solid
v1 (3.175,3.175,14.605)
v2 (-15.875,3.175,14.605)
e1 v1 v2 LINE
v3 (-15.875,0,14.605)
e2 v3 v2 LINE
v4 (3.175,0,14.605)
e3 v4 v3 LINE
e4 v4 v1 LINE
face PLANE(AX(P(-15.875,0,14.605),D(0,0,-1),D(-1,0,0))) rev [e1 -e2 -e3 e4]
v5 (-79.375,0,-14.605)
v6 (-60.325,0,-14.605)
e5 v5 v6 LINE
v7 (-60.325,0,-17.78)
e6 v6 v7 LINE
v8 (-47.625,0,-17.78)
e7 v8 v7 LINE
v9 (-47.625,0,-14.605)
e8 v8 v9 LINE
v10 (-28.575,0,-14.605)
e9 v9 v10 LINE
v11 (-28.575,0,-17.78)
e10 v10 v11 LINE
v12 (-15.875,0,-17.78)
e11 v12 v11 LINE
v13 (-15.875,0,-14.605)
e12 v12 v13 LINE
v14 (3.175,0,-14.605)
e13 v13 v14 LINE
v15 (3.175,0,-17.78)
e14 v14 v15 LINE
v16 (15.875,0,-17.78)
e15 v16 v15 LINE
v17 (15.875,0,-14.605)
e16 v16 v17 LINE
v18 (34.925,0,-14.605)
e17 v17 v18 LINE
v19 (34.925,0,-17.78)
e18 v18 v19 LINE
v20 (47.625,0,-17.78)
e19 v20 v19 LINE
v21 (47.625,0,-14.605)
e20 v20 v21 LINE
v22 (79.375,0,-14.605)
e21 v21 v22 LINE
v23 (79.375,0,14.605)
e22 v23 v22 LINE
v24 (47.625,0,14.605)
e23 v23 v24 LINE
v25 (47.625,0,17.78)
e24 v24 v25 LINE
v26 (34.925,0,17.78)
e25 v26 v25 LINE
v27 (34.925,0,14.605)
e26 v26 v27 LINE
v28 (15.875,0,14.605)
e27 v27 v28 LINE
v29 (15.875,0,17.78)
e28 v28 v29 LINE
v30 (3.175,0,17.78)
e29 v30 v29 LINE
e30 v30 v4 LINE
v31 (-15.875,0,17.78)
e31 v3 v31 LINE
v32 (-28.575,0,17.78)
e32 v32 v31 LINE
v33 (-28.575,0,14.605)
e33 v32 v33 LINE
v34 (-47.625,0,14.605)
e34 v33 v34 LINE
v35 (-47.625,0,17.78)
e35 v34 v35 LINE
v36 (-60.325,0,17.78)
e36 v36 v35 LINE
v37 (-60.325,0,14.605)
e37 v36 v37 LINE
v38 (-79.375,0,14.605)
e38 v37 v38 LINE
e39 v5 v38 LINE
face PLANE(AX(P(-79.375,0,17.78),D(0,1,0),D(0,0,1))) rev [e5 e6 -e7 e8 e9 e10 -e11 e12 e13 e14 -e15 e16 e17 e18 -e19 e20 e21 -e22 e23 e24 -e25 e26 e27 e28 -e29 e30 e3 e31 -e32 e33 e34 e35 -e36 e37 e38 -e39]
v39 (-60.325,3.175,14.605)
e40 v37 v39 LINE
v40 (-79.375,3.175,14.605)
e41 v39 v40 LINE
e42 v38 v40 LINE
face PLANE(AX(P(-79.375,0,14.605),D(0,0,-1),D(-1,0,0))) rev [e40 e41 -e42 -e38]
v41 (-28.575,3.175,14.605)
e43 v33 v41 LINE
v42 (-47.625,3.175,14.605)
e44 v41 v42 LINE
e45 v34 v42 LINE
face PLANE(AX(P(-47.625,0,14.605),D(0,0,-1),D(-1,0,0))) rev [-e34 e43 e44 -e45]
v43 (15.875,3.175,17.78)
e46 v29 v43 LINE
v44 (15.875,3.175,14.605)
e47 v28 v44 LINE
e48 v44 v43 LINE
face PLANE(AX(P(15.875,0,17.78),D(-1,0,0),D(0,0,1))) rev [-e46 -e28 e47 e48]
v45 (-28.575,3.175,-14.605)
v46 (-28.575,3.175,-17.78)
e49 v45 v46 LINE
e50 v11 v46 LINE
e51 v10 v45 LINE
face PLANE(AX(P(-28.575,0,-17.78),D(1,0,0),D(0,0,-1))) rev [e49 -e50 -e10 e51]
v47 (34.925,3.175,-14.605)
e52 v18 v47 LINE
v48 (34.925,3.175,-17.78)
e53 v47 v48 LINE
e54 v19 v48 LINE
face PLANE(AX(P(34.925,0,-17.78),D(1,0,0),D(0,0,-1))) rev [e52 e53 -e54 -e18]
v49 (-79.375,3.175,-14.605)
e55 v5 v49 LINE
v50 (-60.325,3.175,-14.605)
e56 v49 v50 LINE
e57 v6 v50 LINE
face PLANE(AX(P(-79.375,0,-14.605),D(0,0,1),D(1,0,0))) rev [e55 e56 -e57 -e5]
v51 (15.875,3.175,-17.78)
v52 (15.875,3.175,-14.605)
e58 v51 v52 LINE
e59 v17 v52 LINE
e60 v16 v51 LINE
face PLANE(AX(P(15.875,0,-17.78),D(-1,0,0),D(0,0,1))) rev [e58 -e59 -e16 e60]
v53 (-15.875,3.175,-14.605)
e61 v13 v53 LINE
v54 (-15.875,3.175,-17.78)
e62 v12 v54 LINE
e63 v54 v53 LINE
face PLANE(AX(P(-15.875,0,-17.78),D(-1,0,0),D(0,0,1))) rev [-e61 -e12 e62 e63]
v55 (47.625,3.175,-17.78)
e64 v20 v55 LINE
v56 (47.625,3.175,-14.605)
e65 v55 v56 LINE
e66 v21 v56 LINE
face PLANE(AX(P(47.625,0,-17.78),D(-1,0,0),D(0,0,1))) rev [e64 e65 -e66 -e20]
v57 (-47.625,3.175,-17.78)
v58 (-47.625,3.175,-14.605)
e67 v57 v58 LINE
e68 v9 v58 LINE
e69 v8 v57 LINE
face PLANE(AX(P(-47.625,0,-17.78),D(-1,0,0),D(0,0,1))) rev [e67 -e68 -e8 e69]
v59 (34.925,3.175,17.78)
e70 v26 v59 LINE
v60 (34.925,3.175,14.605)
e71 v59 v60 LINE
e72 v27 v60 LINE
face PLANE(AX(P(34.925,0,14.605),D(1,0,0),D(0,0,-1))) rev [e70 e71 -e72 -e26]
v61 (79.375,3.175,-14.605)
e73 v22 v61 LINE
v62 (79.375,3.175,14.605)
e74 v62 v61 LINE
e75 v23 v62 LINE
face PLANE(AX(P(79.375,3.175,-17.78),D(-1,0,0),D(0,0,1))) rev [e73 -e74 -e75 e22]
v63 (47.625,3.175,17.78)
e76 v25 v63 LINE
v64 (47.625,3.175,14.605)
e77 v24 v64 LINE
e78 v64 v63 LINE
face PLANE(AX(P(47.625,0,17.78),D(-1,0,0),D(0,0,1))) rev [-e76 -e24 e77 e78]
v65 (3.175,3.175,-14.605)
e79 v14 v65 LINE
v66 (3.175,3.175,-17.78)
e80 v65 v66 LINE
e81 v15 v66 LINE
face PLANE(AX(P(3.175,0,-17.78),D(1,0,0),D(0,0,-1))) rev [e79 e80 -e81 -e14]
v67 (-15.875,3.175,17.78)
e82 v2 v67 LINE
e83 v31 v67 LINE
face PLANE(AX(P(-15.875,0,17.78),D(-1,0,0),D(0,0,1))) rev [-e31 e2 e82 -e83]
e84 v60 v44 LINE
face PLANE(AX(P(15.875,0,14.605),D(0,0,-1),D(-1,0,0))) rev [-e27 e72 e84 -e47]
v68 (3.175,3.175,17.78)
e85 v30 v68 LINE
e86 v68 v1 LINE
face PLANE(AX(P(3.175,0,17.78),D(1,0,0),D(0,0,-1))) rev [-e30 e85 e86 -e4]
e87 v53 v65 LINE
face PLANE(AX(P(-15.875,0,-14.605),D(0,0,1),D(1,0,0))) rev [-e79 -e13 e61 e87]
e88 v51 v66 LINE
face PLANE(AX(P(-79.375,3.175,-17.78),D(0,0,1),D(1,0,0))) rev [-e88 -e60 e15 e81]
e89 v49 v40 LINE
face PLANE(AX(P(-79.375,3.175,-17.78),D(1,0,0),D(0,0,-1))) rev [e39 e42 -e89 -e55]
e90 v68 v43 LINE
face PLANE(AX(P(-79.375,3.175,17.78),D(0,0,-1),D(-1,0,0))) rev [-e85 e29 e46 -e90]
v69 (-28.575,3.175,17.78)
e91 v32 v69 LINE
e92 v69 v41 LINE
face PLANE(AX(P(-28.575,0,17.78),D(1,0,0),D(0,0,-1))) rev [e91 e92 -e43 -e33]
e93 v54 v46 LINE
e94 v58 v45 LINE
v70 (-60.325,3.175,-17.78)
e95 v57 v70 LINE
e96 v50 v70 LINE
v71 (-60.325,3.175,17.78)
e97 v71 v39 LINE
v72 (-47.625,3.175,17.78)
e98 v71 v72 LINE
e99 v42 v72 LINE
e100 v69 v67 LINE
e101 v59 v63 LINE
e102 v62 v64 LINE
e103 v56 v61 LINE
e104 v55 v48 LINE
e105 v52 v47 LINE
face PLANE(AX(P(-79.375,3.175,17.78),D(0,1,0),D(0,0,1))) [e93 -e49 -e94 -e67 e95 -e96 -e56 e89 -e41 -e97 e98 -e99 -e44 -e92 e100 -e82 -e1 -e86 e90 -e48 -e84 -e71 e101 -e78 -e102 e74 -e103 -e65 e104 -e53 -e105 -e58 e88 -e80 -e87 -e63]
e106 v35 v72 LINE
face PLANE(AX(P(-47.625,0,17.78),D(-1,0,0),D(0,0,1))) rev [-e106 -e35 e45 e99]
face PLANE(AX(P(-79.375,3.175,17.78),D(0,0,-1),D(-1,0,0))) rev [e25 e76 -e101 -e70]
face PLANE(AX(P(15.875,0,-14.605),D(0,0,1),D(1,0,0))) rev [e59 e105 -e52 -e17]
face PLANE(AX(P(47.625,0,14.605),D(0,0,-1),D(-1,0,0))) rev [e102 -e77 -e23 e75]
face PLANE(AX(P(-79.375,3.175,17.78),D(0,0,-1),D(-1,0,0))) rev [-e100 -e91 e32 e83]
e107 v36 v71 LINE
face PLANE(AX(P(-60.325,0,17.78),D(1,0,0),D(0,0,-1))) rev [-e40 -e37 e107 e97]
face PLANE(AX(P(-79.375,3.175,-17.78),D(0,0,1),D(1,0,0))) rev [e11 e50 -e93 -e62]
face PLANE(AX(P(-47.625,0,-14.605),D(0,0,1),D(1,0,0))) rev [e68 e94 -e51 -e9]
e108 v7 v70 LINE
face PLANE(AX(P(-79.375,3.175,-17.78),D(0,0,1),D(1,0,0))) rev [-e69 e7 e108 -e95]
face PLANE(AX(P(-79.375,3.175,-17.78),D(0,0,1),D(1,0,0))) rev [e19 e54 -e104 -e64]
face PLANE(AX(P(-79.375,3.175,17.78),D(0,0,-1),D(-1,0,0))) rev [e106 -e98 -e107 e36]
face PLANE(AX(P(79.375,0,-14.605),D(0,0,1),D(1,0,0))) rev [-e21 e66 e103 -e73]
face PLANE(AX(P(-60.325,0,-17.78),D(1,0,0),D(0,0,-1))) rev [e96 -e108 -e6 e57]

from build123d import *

# Parameters (mm, degrees)
SKETCH1_W          = 158.75
SKETCH1_H          = 35.56
EXTRUDE1_DEPTH     = 3.175
SKETCH3_W          = 19.05
SKETCH3_H          = 3.175
CUT_EXTRUDE1_DEPTH = 4.175


with BuildPart() as part:
    # Sketch1 → Extrude1 (new body)
    with BuildSketch(Plane(origin=(0, 0, 0), x_dir=(1, 0, 0), z_dir=(0, 1, 0))):
        Rectangle(SKETCH1_W, SKETCH1_H)
    extrude(amount=EXTRUDE1_DEPTH)

    # Sketch3 → Cut-Extrude1 (cut, through all)
    with BuildSketch(Plane(origin=(0, 3.175, 0), x_dir=(1, 0, 0), z_dir=(0, 1, 0))):
        Polygon((47.625, -14.605), (66.675, -14.605), (79.375, -14.605), (79.375, -17.78), (66.675, -17.78), (47.625, -17.78), align=None)
        with Locations((-69.85, 16.1925)):
            Rectangle(SKETCH3_W, SKETCH3_H)
        Polygon((66.675, 17.78), (79.375, 17.78), (79.375, 14.605), (66.675, 14.605), (47.625, 14.605), (47.625, 17.78), align=None)
        with Locations((25.4, -16.1925)):
            Rectangle(SKETCH3_W, SKETCH3_H)
        with Locations((-6.35, -16.1925)):
            Rectangle(SKETCH3_W, SKETCH3_H)
        with Locations((-38.1, -16.1925)):
            Rectangle(SKETCH3_W, SKETCH3_H)
        with Locations((-69.85, -16.1925)):
            Rectangle(SKETCH3_W, SKETCH3_H)
        with Locations((-38.1, 16.1925)):
            Rectangle(SKETCH3_W, SKETCH3_H)
        with Locations((-6.35, 16.1925)):
            Rectangle(SKETCH3_W, SKETCH3_H)
        with Locations((25.4, 16.1925)):
            Rectangle(SKETCH3_W, SKETCH3_H)
    extrude(amount=-CUT_EXTRUDE1_DEPTH, mode=Mode.SUBTRACT)


solid = part.part
